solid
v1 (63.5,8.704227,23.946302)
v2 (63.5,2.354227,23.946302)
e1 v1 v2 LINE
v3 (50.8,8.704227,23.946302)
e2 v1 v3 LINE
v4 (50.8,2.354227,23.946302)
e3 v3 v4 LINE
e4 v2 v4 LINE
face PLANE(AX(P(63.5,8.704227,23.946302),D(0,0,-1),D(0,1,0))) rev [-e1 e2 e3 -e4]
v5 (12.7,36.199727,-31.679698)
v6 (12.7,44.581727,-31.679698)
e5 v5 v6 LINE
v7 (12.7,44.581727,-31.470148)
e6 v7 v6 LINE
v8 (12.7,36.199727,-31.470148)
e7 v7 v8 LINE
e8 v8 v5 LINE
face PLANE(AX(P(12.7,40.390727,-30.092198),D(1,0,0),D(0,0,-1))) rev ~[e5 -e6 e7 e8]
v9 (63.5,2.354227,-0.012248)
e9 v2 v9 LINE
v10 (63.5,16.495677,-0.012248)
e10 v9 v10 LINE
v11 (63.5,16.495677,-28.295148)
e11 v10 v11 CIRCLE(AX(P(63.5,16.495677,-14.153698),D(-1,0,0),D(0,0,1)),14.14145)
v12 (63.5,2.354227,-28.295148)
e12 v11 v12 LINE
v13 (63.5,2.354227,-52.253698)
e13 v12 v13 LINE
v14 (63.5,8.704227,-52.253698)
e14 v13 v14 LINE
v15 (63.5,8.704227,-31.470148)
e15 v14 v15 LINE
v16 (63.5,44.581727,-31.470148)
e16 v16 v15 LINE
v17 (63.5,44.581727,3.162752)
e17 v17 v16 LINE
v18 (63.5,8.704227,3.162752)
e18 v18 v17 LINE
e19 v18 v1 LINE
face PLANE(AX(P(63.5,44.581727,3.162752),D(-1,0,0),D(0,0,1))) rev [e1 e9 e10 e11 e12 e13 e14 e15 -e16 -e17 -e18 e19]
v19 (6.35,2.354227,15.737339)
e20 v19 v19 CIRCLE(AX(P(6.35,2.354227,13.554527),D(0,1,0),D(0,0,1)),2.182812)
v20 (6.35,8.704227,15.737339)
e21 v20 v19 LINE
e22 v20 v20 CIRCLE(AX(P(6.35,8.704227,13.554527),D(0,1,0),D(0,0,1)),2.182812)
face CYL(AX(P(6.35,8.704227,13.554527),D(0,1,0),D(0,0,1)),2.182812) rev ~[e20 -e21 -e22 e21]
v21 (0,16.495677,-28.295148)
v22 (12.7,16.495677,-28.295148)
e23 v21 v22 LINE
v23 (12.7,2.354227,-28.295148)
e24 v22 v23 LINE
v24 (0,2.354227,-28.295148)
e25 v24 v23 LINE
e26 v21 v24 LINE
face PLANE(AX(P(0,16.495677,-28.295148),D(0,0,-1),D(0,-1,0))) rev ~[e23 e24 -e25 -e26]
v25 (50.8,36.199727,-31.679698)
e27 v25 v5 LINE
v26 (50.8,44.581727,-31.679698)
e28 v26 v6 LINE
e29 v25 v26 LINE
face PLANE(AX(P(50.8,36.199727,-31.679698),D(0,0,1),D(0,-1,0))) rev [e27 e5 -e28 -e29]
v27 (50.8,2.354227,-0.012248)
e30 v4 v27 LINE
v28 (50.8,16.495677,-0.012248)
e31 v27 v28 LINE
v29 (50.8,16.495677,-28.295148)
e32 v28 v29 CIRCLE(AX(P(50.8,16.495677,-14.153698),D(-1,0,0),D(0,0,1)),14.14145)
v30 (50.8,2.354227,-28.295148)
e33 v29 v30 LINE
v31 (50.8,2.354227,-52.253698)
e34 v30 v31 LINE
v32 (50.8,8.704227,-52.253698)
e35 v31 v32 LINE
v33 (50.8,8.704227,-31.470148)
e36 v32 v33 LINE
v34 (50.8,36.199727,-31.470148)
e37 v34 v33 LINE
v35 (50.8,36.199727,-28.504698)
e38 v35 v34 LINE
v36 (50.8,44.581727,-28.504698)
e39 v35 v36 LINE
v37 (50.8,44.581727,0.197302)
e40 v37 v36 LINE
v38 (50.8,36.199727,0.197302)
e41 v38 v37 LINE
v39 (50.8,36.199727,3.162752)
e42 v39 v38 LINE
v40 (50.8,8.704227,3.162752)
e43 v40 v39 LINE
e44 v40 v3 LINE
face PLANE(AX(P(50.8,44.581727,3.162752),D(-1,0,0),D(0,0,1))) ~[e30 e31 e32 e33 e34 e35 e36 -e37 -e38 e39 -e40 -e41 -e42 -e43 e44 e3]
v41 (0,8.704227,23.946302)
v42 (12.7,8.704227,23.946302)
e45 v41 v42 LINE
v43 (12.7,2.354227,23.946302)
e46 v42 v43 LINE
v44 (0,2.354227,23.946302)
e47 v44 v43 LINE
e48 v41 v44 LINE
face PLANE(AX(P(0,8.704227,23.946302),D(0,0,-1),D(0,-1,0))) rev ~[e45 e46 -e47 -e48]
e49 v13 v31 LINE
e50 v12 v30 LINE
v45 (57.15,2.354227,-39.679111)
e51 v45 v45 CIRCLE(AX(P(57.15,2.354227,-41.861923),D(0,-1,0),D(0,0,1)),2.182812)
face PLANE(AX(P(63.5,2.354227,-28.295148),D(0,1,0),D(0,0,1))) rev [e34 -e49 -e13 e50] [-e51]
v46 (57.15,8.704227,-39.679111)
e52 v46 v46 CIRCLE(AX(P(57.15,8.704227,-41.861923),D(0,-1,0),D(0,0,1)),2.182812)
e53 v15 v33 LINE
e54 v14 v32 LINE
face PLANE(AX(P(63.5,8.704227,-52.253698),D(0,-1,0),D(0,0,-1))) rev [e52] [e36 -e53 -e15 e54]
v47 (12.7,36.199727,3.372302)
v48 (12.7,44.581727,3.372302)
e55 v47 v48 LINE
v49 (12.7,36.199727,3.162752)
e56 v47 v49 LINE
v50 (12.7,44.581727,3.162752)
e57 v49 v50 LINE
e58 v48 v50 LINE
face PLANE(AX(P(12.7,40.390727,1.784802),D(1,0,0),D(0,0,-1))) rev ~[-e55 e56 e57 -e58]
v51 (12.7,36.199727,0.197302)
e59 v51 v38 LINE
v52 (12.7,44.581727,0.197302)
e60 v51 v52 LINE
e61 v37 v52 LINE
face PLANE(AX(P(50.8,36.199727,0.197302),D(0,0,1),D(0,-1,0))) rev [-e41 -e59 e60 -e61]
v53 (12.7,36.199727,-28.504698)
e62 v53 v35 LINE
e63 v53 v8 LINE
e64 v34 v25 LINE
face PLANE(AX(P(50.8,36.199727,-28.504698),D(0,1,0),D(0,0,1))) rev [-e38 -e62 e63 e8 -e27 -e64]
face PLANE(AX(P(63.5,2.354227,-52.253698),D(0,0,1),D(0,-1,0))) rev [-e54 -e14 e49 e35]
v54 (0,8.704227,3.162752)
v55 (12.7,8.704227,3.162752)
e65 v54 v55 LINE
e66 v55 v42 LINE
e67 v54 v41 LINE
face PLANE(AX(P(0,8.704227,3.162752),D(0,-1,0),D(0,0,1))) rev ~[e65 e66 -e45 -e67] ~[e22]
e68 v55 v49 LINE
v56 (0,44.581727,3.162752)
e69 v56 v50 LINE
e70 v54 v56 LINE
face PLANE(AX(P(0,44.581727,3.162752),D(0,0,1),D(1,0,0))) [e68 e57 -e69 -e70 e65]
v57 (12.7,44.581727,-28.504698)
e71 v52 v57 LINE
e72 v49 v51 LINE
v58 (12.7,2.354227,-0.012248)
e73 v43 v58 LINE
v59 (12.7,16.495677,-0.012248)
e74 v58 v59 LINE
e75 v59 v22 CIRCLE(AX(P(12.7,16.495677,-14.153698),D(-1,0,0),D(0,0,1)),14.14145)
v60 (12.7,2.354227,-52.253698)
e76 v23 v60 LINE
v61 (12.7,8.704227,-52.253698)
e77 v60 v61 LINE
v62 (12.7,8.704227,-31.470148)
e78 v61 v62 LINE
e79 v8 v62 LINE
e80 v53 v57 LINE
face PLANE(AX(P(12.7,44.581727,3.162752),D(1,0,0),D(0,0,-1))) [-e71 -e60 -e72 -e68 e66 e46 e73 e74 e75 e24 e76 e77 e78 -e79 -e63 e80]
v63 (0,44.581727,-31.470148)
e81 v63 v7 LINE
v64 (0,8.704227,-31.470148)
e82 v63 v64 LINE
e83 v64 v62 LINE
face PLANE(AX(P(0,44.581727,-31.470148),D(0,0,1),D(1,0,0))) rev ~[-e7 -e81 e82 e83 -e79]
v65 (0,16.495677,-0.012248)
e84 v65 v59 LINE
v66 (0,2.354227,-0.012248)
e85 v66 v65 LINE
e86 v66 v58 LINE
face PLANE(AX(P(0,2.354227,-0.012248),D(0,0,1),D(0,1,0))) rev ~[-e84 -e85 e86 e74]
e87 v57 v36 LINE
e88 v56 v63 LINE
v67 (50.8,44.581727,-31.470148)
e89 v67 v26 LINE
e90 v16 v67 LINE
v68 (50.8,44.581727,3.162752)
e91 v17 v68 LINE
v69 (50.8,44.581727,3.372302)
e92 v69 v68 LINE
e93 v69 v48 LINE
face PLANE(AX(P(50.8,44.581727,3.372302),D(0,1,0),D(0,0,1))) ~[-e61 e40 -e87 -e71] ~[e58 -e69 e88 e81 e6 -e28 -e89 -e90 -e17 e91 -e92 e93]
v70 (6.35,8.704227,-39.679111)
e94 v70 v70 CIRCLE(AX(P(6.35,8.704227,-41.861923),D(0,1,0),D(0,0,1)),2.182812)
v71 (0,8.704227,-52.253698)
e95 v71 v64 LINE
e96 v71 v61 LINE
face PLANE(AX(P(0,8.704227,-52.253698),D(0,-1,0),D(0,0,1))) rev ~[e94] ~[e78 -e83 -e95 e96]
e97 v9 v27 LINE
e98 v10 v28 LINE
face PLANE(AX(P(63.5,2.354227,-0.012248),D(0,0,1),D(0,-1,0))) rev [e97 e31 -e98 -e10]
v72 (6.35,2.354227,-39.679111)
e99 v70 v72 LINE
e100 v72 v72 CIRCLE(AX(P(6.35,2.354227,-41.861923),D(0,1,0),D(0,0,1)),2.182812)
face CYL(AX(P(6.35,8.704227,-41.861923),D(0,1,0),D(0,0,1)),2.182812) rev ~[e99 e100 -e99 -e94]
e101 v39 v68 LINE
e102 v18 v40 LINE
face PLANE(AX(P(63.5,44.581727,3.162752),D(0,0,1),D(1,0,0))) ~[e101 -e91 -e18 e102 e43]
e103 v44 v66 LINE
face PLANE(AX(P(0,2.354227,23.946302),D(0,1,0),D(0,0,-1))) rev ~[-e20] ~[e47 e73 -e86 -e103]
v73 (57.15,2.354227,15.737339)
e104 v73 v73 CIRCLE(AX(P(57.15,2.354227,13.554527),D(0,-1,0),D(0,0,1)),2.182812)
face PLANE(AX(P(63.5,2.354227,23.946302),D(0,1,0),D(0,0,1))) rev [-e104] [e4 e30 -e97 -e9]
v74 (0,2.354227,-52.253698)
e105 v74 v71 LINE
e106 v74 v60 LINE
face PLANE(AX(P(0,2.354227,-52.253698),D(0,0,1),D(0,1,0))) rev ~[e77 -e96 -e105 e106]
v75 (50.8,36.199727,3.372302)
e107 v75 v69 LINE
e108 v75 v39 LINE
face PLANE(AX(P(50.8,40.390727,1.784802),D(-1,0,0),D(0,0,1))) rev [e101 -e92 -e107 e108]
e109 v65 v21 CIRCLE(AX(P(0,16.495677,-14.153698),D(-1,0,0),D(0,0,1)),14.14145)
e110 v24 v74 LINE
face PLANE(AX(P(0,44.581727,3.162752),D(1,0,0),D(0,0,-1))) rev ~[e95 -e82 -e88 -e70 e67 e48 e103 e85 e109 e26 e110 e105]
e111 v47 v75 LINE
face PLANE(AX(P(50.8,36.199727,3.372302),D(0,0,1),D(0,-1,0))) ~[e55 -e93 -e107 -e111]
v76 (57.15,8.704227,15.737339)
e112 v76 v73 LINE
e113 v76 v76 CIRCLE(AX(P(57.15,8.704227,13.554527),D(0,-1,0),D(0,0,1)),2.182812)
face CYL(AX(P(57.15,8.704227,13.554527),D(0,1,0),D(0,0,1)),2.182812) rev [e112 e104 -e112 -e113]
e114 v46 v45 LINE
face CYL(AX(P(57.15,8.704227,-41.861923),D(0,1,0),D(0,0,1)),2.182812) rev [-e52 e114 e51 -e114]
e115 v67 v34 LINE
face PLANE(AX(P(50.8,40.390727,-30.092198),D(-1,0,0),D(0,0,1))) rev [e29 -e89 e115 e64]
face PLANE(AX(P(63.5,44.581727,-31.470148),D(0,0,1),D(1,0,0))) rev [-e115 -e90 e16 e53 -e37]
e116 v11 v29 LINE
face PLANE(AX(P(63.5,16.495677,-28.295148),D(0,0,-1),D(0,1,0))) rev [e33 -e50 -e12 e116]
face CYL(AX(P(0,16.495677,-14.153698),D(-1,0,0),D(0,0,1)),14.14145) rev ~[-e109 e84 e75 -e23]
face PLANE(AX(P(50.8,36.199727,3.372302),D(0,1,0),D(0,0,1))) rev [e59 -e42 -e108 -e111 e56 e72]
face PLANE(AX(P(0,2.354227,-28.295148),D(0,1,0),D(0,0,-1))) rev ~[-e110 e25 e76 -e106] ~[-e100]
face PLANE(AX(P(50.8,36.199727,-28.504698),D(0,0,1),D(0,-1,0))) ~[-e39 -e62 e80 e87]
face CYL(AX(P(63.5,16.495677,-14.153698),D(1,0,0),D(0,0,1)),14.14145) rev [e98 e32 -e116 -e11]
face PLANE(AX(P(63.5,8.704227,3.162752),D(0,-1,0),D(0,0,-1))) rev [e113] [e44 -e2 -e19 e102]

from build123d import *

# Parameters (mm, degrees)
BOSS_EXTRUDE1_DEPTH = 12.7
BOSS_EXTRUDE2_REACH = 70.373
SKETCH4_W           = 12.7
SKETCH4_H           = 34.6329
SKETCH6_W           = 3.175
SKETCH6_H           = 8.382
BOSS_EXTRUDE3_DEPTH = 19.05
SKETCH7_R           = 2.1828125
CUT_EXTRUDE1_DEPTH  = 12.7


with BuildPart() as part:
    # Sketch1 → Boss-Extrude1 (new body)
    with BuildSketch(Plane(origin=(0, 0, 0), x_dir=(0, 0, -1), z_dir=(1, 0, 0))):
        with BuildLine():
            Line((28.295148135, 2.354226963), (52.253698135, 2.354226963))
            Line((52.253698135, 2.354226963), (52.253698135, 8.704226963))
            Line((52.253698135, 8.704226963), (31.470148135, 8.704226963))
            Line((31.470148135, 8.704226963), (31.470148135, 16.495676963))
            ThreePointArc((31.470148135, 16.495676963), (14.153698135, 33.812126963), (-3.162751865, 16.495676963))
            Line((-3.162751865, 16.495676963), (-3.162751865, 8.704226963))
            Line((-3.162751865, 8.704226963), (-23.946301865, 8.704226963))
            Line((-23.946301865, 8.704226963), (-23.946301865, 2.354226963))
            Line((-23.946301865, 2.354226963), (0.012248135, 2.354226963))
            Line((0.012248135, 2.354226963), (0.012248135, 16.495676963))
            ThreePointArc((0.012248135, 16.495676963), (14.153698135, 30.637126963), (28.295148135, 16.495676963))
            Line((28.295148135, 16.495676963), (28.295148135, 2.354226963))
        make_face()
    extrude(amount=BOSS_EXTRUDE1_DEPTH)

    # Sketch4 → Boss-Extrude2 (add, up to next)
    with BuildSketch(Plane(origin=(0, 44.581726963, 0), x_dir=(1, 0, 0), z_dir=(0, 1, 0)), mode=Mode.PRIVATE) as boss_extrude2_sk1:
        with Locations((6.35, 14.153698135)):
            Rectangle(SKETCH4_W, SKETCH4_H)
    boss_extrude2_tool1 = extrude(boss_extrude2_sk1.sketch, amount=-BOSS_EXTRUDE2_REACH, mode=Mode.PRIVATE) - part.part
    add(boss_extrude2_tool1.solids().sort_by_distance((6.35, 44.581727, -14.153698))[0])

    # Sketch6 → Boss-Extrude3 (add)
    with BuildSketch(Plane(origin=(12.7, 0, 0), x_dir=(0, 0, -1), z_dir=(1, 0, 0))):
        with Locations((-1.784801865, 40.390726963)):
            Rectangle(SKETCH6_W, SKETCH6_H)
        with Locations((30.092198135, 40.390726963)):
            Rectangle(SKETCH6_W, SKETCH6_H)
    extrude(amount=BOSS_EXTRUDE3_DEPTH)

    # Sketch7 → Cut-Extrude1 (cut)
    with BuildSketch(Plane(origin=(0, 8.704226963, 0), x_dir=(1, 0, 0), z_dir=(0, 1, 0))):
        with Locations(Location((6.35, 41.861923135, 0), (0, 0, 270))):
            Circle(SKETCH7_R)
        with Locations(Location((6.35, -13.554526865, 0), (0, 0, 270))):
            Circle(SKETCH7_R)
    extrude(amount=-CUT_EXTRUDE1_DEPTH, mode=Mode.SUBTRACT)

    # Mirror1: part across plane


with BuildPart() as part_1:
    add(part.part)
    add(part.part.mirror(Plane(origin=(31.75, 0, 0), x_dir=(0, 0, 1), z_dir=(1, 0, 0))))


solid = part_1.part
